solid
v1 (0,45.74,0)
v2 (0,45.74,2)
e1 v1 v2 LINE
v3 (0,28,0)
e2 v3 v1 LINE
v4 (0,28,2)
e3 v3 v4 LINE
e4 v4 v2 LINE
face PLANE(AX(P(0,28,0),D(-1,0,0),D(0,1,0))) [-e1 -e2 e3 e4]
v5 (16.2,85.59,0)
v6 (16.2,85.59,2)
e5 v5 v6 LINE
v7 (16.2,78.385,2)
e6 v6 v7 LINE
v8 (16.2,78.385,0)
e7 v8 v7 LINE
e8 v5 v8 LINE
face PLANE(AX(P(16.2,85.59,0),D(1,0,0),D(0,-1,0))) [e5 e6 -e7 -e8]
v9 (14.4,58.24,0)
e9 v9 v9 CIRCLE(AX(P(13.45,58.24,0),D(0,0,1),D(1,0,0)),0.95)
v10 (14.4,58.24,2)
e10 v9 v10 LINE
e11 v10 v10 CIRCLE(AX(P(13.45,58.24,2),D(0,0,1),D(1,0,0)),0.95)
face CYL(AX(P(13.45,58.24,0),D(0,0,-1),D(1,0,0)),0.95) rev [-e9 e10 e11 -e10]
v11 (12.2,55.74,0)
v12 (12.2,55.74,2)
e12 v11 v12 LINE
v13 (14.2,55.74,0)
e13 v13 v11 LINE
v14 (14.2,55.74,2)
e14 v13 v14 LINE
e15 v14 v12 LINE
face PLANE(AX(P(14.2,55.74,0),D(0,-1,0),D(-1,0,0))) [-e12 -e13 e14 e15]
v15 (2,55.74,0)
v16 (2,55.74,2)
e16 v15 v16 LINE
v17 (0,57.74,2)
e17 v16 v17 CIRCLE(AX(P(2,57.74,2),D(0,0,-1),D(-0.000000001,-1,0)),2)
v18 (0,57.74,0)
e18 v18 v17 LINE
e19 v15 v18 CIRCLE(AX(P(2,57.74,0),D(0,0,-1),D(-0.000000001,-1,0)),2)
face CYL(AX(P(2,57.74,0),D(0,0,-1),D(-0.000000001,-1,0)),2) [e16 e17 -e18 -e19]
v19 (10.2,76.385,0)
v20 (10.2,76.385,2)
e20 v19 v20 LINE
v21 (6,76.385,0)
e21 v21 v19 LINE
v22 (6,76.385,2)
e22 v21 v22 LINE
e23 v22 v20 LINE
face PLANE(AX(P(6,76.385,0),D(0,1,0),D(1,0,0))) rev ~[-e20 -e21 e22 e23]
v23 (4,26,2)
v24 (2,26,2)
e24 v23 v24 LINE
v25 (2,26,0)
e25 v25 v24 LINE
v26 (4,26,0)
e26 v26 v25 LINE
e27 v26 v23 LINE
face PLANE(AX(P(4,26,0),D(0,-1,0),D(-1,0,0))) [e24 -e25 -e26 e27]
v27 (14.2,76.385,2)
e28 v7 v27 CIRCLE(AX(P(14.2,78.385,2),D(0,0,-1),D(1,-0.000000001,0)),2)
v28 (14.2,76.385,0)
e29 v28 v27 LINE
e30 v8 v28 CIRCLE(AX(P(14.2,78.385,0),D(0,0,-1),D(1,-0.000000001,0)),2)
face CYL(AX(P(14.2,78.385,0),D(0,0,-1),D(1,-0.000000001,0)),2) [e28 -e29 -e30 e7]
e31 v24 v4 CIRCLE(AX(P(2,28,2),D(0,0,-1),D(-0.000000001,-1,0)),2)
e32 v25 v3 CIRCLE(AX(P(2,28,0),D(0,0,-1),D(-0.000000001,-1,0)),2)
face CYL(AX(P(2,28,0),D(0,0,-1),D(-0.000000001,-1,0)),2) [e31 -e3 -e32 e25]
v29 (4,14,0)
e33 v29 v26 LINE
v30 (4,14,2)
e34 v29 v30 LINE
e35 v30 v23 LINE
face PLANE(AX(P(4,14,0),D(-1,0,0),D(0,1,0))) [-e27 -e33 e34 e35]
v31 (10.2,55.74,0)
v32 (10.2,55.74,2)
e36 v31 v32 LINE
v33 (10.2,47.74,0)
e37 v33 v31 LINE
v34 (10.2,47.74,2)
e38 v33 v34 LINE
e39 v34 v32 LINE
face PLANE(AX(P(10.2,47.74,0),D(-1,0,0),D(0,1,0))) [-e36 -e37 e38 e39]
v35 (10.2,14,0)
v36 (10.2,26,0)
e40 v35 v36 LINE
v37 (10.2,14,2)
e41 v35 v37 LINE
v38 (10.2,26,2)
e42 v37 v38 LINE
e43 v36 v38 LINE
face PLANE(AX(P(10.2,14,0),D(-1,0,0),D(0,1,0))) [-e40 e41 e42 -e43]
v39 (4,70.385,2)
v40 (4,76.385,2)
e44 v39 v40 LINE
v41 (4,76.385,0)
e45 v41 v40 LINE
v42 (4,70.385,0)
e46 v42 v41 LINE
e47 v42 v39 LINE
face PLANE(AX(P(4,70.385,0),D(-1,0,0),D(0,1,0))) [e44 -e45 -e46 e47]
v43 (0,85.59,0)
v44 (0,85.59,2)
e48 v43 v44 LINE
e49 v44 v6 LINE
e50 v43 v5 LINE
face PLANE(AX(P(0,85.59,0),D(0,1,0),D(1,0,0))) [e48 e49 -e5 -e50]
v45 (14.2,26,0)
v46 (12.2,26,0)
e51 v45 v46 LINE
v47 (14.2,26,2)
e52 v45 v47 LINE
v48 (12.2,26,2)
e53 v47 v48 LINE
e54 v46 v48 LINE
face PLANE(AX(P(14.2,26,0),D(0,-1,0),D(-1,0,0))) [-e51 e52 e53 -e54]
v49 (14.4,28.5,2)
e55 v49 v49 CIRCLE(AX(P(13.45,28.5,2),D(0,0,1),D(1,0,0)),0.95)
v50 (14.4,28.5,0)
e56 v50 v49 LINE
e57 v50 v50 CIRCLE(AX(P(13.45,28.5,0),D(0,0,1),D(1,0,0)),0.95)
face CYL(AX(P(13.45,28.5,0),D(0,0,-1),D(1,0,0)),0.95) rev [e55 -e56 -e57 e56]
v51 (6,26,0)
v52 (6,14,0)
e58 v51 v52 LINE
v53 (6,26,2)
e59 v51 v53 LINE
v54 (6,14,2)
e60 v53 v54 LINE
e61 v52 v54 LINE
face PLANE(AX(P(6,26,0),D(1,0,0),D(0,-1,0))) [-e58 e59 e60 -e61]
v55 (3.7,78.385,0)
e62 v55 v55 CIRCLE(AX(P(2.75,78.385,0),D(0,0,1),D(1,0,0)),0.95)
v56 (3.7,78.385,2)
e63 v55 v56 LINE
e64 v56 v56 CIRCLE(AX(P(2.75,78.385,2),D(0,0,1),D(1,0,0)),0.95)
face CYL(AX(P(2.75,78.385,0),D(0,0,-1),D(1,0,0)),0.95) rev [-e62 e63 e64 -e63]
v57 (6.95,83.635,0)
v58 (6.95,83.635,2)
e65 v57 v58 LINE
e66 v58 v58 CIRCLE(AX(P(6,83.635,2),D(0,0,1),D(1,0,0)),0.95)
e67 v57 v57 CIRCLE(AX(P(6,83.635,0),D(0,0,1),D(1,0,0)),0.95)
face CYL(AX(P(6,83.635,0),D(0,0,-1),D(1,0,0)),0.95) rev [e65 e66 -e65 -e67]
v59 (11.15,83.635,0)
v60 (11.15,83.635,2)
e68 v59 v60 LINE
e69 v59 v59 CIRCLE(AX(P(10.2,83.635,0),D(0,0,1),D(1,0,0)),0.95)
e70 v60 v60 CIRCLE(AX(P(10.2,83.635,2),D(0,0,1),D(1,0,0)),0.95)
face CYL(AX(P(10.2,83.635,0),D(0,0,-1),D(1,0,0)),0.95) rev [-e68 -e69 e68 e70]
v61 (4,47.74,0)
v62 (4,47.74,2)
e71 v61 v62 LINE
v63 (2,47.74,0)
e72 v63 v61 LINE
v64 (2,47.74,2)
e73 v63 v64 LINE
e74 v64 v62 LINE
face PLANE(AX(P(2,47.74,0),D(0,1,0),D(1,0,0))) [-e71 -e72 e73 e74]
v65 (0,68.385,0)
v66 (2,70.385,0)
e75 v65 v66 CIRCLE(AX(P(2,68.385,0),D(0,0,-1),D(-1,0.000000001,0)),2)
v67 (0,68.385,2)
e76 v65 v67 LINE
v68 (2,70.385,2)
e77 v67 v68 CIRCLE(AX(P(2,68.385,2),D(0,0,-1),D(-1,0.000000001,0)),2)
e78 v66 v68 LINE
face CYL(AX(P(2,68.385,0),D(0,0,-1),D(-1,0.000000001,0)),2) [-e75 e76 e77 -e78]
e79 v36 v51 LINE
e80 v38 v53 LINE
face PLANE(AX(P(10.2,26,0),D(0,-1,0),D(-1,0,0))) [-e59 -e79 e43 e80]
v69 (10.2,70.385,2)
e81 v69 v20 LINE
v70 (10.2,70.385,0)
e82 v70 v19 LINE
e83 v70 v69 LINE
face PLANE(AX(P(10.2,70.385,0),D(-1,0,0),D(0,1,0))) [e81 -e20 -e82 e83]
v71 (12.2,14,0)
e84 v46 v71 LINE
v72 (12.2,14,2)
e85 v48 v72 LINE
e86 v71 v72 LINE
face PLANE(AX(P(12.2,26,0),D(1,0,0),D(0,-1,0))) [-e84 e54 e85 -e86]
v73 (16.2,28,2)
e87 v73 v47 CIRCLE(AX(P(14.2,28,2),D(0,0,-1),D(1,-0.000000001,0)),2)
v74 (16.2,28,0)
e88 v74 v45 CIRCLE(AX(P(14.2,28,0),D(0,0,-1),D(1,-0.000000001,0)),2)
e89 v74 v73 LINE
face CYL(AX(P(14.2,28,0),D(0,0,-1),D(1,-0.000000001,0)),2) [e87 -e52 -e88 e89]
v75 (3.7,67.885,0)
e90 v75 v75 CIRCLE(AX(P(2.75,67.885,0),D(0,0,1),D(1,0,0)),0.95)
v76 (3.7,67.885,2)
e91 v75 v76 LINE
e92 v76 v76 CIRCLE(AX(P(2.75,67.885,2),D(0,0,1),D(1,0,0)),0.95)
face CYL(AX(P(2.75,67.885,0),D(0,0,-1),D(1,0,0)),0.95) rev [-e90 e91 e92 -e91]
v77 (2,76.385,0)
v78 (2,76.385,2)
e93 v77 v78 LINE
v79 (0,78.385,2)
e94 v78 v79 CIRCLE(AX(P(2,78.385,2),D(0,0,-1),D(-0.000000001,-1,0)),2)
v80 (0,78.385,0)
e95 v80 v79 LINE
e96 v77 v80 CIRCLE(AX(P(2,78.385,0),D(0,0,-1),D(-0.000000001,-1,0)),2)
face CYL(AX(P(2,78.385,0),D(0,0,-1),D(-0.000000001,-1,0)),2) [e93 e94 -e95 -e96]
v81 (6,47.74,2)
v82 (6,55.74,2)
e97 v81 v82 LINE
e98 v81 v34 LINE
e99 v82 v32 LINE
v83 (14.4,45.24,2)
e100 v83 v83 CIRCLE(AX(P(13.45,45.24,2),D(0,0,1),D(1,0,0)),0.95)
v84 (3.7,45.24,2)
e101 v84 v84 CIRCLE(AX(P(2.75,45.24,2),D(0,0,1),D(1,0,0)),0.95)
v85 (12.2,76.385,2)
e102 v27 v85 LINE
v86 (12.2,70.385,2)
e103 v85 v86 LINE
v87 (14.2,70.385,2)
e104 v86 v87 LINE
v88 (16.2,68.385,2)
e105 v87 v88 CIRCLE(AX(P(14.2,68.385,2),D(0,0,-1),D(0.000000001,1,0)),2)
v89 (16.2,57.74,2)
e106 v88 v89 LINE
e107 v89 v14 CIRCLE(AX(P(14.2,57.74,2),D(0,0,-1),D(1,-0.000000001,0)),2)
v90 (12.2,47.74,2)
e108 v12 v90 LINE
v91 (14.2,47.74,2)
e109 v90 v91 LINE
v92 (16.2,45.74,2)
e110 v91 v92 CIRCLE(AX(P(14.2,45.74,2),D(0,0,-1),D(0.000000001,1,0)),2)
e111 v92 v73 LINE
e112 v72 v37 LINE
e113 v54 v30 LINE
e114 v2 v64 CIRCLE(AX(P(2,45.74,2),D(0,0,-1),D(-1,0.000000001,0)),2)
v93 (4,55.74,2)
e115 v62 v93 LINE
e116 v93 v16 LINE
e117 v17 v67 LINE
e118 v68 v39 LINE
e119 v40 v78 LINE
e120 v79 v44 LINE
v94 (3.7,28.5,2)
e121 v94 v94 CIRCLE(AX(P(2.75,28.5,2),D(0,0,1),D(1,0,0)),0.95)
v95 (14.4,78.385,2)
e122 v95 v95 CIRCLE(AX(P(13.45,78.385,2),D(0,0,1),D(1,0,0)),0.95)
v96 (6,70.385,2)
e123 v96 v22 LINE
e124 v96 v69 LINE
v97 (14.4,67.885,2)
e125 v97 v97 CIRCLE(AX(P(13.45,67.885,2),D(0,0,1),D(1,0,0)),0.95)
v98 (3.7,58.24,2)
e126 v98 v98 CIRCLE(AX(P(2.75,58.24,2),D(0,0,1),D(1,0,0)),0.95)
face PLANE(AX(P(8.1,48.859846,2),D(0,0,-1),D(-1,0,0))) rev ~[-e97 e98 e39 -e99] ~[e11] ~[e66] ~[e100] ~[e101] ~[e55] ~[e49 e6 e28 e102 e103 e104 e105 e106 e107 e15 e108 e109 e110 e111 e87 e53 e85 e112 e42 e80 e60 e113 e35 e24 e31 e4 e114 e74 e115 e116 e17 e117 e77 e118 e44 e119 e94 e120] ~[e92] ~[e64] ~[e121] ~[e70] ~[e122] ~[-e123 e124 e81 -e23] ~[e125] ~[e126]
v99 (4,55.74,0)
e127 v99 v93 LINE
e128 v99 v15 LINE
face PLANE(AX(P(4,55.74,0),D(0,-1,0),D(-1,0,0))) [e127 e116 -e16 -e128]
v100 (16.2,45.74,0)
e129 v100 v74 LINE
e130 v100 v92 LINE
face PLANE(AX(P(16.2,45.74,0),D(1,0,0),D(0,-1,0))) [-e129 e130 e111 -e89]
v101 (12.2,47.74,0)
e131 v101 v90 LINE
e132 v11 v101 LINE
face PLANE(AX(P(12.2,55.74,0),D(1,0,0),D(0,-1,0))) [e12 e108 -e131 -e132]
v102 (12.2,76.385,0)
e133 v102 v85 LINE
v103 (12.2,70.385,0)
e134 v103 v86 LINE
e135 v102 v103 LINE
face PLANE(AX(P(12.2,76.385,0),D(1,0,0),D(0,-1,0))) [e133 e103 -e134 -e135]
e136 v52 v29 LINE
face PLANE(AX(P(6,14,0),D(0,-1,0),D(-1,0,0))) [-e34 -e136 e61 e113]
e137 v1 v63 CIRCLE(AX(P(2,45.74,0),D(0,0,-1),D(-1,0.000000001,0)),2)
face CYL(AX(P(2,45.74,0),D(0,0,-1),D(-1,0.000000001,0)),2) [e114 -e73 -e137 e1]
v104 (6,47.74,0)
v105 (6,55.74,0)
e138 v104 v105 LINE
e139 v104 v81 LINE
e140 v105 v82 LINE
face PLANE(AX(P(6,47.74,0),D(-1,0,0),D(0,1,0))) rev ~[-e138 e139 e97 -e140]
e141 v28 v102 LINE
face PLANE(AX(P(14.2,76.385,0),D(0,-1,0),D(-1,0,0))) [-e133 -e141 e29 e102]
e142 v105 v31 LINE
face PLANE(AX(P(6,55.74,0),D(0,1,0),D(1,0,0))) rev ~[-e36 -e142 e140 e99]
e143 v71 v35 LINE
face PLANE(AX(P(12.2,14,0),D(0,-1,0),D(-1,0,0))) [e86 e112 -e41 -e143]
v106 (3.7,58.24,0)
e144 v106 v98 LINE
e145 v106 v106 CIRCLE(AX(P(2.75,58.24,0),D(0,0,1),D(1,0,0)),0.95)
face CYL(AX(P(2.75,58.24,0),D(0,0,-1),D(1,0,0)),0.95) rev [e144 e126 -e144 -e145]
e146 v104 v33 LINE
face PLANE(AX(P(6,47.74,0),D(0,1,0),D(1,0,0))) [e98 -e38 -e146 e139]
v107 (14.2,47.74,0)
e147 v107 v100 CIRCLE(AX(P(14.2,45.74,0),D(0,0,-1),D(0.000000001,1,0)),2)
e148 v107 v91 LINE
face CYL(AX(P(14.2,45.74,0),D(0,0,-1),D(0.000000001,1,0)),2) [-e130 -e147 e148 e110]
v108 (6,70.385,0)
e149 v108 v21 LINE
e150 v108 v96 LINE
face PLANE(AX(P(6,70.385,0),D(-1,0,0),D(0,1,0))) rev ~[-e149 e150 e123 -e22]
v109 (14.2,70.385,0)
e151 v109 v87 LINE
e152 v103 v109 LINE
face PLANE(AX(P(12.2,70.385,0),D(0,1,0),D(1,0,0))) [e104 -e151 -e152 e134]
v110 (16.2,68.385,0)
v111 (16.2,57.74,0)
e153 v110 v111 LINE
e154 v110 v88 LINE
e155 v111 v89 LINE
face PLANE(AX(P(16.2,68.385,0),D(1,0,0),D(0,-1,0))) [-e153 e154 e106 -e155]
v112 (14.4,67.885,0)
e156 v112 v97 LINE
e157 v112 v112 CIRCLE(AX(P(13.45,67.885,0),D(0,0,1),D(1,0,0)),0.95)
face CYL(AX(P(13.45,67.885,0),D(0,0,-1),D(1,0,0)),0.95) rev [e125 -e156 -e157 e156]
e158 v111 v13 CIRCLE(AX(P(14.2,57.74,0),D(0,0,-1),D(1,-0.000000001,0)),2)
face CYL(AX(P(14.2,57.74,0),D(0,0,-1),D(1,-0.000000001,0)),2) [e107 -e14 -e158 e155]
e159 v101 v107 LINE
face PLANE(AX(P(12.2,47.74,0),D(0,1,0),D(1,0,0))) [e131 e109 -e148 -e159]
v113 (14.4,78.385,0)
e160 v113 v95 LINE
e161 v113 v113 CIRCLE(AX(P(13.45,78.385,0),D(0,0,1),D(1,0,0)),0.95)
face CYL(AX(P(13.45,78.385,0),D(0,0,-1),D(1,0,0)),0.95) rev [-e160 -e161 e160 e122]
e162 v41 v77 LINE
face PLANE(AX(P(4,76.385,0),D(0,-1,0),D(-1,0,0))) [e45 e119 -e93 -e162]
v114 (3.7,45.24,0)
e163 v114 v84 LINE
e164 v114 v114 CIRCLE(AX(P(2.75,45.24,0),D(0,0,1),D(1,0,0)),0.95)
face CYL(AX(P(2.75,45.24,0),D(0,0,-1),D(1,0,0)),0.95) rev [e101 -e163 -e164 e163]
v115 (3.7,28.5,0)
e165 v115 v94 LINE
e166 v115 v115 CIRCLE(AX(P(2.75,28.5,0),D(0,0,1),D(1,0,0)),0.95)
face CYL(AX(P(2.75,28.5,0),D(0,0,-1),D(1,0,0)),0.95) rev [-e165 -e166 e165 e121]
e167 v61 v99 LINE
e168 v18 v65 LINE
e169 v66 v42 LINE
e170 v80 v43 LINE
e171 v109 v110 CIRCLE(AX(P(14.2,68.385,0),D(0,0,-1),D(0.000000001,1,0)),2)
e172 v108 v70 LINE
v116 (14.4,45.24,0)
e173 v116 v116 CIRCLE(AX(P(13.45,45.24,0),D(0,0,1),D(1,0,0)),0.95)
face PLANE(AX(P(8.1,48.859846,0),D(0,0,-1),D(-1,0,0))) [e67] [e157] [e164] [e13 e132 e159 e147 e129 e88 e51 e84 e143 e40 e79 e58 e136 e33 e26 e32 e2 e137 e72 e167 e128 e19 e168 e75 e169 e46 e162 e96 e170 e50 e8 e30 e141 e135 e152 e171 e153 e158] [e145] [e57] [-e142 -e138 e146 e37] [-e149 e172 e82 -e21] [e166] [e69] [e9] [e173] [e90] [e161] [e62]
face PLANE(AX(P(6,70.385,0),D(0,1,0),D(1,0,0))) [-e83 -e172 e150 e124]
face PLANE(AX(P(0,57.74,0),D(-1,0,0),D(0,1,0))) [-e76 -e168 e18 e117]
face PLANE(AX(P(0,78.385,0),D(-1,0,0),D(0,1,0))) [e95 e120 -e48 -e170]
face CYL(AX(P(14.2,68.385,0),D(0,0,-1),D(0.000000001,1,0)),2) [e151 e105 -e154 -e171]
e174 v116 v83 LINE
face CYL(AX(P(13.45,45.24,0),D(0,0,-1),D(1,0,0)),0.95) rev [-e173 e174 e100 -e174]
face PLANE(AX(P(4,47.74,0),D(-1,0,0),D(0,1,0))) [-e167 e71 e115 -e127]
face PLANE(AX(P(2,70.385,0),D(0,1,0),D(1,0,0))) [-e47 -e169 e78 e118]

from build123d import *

# Parameters (mm, degrees)
SKETCH1_R           = 0.95
SKETCH1_W           = 4.2
SKETCH1_H           = 6
SKETCH1_H_2         = 8
BOSS_EXTRUDE1_DEPTH = 2


with BuildPart() as part:
    # Sketch1 → Boss-Extrude1 (new body)
    with BuildSketch(Plane.XY):
        with BuildLine():
            Line((2, 47.74), (4, 47.74))
            Line((4, 47.74), (4, 55.74))
            Line((4, 55.74), (2, 55.74))
            ThreePointArc((2, 55.74), (0.585786438, 56.325786438), (0, 57.74))
            Line((0, 57.74), (0, 68.385))
            ThreePointArc((0, 68.385), (0.585786438, 69.799213562), (2, 70.385))
            Line((2, 70.385), (4, 70.385))
            Line((4, 70.385), (4, 76.385))
            Line((4, 76.385), (2, 76.385))
            ThreePointArc((2, 76.385), (0.585786438, 76.970786438), (0, 78.385))
            Line((0, 78.385), (0, 85.59))
            Line((0, 85.59), (16.2, 85.59))
            Line((16.2, 85.59), (16.2, 78.385))
            ThreePointArc((16.2, 78.385), (15.614213562, 76.970786438), (14.2, 76.385))
            Line((14.2, 76.385), (12.2, 76.385))
            Line((12.2, 76.385), (12.2, 70.385))
            Line((12.2, 70.385), (14.2, 70.385))
            ThreePointArc((14.2, 70.385), (15.614213562, 69.799213562), (16.2, 68.385))
            Line((16.2, 68.385), (16.2, 57.74))
            ThreePointArc((16.2, 57.74), (15.614213562, 56.325786438), (14.2, 55.74))
            Line((14.2, 55.74), (12.2, 55.74))
            Line((12.2, 55.74), (12.2, 47.74))
            Line((12.2, 47.74), (14.2, 47.74))
            ThreePointArc((14.2, 47.74), (15.614213562, 47.154213562), (16.2, 45.74))
            Line((16.2, 45.74), (16.2, 28))
            ThreePointArc((16.2, 28), (15.614213562, 26.585786438), (14.2, 26))
            Line((14.2, 26), (12.2, 26))
            Line((12.2, 26), (12.2, 14))
            Line((12.2, 14), (10.2, 14))
            Line((10.2, 14), (10.2, 26))
            Line((10.2, 26), (6, 26))
            Line((6, 26), (6, 14))
            Line((6, 14), (4, 14))
            Line((4, 14), (4, 26))
            Line((4, 26), (2, 26))
            ThreePointArc((2, 26), (0.585786438, 26.585786438), (0, 28))
            Line((0, 28), (0, 45.74))
            ThreePointArc((0, 45.74), (0.585786438, 47.154213562), (2, 47.74))
        make_face()
        with Locations((13.45, 45.24)):
            Circle(SKETCH1_R, mode=Mode.SUBTRACT)
        with Locations((2.75, 67.885)):
            Circle(SKETCH1_R, mode=Mode.SUBTRACT)
        with Locations((13.45, 58.24)):
            Circle(SKETCH1_R, mode=Mode.SUBTRACT)
        with Locations((13.45, 78.385)):
            Circle(SKETCH1_R, mode=Mode.SUBTRACT)
        with Locations((2.75, 28.5)):
            Circle(SKETCH1_R, mode=Mode.SUBTRACT)
        with Locations((2.75, 78.385)):
            Circle(SKETCH1_R, mode=Mode.SUBTRACT)
        with Locations((2.75, 58.24)):
            Circle(SKETCH1_R, mode=Mode.SUBTRACT)
        with Locations((6, 83.635)):
            Circle(SKETCH1_R, mode=Mode.SUBTRACT)
        with Locations((13.45, 28.5)):
            Circle(SKETCH1_R, mode=Mode.SUBTRACT)
        with Locations((13.45, 67.885)):
            Circle(SKETCH1_R, mode=Mode.SUBTRACT)
        with Locations((10.2, 83.635)):
            Circle(SKETCH1_R, mode=Mode.SUBTRACT)
        with Locations((2.75, 45.24)):
            Circle(SKETCH1_R, mode=Mode.SUBTRACT)
        with Locations((8.1, 73.385)):
            Rectangle(SKETCH1_W, SKETCH1_H, mode=Mode.SUBTRACT)
        with Locations((8.1, 51.74)):
            Rectangle(SKETCH1_W, SKETCH1_H_2, mode=Mode.SUBTRACT)
    extrude(amount=BOSS_EXTRUDE1_DEPTH)


solid = part.part
